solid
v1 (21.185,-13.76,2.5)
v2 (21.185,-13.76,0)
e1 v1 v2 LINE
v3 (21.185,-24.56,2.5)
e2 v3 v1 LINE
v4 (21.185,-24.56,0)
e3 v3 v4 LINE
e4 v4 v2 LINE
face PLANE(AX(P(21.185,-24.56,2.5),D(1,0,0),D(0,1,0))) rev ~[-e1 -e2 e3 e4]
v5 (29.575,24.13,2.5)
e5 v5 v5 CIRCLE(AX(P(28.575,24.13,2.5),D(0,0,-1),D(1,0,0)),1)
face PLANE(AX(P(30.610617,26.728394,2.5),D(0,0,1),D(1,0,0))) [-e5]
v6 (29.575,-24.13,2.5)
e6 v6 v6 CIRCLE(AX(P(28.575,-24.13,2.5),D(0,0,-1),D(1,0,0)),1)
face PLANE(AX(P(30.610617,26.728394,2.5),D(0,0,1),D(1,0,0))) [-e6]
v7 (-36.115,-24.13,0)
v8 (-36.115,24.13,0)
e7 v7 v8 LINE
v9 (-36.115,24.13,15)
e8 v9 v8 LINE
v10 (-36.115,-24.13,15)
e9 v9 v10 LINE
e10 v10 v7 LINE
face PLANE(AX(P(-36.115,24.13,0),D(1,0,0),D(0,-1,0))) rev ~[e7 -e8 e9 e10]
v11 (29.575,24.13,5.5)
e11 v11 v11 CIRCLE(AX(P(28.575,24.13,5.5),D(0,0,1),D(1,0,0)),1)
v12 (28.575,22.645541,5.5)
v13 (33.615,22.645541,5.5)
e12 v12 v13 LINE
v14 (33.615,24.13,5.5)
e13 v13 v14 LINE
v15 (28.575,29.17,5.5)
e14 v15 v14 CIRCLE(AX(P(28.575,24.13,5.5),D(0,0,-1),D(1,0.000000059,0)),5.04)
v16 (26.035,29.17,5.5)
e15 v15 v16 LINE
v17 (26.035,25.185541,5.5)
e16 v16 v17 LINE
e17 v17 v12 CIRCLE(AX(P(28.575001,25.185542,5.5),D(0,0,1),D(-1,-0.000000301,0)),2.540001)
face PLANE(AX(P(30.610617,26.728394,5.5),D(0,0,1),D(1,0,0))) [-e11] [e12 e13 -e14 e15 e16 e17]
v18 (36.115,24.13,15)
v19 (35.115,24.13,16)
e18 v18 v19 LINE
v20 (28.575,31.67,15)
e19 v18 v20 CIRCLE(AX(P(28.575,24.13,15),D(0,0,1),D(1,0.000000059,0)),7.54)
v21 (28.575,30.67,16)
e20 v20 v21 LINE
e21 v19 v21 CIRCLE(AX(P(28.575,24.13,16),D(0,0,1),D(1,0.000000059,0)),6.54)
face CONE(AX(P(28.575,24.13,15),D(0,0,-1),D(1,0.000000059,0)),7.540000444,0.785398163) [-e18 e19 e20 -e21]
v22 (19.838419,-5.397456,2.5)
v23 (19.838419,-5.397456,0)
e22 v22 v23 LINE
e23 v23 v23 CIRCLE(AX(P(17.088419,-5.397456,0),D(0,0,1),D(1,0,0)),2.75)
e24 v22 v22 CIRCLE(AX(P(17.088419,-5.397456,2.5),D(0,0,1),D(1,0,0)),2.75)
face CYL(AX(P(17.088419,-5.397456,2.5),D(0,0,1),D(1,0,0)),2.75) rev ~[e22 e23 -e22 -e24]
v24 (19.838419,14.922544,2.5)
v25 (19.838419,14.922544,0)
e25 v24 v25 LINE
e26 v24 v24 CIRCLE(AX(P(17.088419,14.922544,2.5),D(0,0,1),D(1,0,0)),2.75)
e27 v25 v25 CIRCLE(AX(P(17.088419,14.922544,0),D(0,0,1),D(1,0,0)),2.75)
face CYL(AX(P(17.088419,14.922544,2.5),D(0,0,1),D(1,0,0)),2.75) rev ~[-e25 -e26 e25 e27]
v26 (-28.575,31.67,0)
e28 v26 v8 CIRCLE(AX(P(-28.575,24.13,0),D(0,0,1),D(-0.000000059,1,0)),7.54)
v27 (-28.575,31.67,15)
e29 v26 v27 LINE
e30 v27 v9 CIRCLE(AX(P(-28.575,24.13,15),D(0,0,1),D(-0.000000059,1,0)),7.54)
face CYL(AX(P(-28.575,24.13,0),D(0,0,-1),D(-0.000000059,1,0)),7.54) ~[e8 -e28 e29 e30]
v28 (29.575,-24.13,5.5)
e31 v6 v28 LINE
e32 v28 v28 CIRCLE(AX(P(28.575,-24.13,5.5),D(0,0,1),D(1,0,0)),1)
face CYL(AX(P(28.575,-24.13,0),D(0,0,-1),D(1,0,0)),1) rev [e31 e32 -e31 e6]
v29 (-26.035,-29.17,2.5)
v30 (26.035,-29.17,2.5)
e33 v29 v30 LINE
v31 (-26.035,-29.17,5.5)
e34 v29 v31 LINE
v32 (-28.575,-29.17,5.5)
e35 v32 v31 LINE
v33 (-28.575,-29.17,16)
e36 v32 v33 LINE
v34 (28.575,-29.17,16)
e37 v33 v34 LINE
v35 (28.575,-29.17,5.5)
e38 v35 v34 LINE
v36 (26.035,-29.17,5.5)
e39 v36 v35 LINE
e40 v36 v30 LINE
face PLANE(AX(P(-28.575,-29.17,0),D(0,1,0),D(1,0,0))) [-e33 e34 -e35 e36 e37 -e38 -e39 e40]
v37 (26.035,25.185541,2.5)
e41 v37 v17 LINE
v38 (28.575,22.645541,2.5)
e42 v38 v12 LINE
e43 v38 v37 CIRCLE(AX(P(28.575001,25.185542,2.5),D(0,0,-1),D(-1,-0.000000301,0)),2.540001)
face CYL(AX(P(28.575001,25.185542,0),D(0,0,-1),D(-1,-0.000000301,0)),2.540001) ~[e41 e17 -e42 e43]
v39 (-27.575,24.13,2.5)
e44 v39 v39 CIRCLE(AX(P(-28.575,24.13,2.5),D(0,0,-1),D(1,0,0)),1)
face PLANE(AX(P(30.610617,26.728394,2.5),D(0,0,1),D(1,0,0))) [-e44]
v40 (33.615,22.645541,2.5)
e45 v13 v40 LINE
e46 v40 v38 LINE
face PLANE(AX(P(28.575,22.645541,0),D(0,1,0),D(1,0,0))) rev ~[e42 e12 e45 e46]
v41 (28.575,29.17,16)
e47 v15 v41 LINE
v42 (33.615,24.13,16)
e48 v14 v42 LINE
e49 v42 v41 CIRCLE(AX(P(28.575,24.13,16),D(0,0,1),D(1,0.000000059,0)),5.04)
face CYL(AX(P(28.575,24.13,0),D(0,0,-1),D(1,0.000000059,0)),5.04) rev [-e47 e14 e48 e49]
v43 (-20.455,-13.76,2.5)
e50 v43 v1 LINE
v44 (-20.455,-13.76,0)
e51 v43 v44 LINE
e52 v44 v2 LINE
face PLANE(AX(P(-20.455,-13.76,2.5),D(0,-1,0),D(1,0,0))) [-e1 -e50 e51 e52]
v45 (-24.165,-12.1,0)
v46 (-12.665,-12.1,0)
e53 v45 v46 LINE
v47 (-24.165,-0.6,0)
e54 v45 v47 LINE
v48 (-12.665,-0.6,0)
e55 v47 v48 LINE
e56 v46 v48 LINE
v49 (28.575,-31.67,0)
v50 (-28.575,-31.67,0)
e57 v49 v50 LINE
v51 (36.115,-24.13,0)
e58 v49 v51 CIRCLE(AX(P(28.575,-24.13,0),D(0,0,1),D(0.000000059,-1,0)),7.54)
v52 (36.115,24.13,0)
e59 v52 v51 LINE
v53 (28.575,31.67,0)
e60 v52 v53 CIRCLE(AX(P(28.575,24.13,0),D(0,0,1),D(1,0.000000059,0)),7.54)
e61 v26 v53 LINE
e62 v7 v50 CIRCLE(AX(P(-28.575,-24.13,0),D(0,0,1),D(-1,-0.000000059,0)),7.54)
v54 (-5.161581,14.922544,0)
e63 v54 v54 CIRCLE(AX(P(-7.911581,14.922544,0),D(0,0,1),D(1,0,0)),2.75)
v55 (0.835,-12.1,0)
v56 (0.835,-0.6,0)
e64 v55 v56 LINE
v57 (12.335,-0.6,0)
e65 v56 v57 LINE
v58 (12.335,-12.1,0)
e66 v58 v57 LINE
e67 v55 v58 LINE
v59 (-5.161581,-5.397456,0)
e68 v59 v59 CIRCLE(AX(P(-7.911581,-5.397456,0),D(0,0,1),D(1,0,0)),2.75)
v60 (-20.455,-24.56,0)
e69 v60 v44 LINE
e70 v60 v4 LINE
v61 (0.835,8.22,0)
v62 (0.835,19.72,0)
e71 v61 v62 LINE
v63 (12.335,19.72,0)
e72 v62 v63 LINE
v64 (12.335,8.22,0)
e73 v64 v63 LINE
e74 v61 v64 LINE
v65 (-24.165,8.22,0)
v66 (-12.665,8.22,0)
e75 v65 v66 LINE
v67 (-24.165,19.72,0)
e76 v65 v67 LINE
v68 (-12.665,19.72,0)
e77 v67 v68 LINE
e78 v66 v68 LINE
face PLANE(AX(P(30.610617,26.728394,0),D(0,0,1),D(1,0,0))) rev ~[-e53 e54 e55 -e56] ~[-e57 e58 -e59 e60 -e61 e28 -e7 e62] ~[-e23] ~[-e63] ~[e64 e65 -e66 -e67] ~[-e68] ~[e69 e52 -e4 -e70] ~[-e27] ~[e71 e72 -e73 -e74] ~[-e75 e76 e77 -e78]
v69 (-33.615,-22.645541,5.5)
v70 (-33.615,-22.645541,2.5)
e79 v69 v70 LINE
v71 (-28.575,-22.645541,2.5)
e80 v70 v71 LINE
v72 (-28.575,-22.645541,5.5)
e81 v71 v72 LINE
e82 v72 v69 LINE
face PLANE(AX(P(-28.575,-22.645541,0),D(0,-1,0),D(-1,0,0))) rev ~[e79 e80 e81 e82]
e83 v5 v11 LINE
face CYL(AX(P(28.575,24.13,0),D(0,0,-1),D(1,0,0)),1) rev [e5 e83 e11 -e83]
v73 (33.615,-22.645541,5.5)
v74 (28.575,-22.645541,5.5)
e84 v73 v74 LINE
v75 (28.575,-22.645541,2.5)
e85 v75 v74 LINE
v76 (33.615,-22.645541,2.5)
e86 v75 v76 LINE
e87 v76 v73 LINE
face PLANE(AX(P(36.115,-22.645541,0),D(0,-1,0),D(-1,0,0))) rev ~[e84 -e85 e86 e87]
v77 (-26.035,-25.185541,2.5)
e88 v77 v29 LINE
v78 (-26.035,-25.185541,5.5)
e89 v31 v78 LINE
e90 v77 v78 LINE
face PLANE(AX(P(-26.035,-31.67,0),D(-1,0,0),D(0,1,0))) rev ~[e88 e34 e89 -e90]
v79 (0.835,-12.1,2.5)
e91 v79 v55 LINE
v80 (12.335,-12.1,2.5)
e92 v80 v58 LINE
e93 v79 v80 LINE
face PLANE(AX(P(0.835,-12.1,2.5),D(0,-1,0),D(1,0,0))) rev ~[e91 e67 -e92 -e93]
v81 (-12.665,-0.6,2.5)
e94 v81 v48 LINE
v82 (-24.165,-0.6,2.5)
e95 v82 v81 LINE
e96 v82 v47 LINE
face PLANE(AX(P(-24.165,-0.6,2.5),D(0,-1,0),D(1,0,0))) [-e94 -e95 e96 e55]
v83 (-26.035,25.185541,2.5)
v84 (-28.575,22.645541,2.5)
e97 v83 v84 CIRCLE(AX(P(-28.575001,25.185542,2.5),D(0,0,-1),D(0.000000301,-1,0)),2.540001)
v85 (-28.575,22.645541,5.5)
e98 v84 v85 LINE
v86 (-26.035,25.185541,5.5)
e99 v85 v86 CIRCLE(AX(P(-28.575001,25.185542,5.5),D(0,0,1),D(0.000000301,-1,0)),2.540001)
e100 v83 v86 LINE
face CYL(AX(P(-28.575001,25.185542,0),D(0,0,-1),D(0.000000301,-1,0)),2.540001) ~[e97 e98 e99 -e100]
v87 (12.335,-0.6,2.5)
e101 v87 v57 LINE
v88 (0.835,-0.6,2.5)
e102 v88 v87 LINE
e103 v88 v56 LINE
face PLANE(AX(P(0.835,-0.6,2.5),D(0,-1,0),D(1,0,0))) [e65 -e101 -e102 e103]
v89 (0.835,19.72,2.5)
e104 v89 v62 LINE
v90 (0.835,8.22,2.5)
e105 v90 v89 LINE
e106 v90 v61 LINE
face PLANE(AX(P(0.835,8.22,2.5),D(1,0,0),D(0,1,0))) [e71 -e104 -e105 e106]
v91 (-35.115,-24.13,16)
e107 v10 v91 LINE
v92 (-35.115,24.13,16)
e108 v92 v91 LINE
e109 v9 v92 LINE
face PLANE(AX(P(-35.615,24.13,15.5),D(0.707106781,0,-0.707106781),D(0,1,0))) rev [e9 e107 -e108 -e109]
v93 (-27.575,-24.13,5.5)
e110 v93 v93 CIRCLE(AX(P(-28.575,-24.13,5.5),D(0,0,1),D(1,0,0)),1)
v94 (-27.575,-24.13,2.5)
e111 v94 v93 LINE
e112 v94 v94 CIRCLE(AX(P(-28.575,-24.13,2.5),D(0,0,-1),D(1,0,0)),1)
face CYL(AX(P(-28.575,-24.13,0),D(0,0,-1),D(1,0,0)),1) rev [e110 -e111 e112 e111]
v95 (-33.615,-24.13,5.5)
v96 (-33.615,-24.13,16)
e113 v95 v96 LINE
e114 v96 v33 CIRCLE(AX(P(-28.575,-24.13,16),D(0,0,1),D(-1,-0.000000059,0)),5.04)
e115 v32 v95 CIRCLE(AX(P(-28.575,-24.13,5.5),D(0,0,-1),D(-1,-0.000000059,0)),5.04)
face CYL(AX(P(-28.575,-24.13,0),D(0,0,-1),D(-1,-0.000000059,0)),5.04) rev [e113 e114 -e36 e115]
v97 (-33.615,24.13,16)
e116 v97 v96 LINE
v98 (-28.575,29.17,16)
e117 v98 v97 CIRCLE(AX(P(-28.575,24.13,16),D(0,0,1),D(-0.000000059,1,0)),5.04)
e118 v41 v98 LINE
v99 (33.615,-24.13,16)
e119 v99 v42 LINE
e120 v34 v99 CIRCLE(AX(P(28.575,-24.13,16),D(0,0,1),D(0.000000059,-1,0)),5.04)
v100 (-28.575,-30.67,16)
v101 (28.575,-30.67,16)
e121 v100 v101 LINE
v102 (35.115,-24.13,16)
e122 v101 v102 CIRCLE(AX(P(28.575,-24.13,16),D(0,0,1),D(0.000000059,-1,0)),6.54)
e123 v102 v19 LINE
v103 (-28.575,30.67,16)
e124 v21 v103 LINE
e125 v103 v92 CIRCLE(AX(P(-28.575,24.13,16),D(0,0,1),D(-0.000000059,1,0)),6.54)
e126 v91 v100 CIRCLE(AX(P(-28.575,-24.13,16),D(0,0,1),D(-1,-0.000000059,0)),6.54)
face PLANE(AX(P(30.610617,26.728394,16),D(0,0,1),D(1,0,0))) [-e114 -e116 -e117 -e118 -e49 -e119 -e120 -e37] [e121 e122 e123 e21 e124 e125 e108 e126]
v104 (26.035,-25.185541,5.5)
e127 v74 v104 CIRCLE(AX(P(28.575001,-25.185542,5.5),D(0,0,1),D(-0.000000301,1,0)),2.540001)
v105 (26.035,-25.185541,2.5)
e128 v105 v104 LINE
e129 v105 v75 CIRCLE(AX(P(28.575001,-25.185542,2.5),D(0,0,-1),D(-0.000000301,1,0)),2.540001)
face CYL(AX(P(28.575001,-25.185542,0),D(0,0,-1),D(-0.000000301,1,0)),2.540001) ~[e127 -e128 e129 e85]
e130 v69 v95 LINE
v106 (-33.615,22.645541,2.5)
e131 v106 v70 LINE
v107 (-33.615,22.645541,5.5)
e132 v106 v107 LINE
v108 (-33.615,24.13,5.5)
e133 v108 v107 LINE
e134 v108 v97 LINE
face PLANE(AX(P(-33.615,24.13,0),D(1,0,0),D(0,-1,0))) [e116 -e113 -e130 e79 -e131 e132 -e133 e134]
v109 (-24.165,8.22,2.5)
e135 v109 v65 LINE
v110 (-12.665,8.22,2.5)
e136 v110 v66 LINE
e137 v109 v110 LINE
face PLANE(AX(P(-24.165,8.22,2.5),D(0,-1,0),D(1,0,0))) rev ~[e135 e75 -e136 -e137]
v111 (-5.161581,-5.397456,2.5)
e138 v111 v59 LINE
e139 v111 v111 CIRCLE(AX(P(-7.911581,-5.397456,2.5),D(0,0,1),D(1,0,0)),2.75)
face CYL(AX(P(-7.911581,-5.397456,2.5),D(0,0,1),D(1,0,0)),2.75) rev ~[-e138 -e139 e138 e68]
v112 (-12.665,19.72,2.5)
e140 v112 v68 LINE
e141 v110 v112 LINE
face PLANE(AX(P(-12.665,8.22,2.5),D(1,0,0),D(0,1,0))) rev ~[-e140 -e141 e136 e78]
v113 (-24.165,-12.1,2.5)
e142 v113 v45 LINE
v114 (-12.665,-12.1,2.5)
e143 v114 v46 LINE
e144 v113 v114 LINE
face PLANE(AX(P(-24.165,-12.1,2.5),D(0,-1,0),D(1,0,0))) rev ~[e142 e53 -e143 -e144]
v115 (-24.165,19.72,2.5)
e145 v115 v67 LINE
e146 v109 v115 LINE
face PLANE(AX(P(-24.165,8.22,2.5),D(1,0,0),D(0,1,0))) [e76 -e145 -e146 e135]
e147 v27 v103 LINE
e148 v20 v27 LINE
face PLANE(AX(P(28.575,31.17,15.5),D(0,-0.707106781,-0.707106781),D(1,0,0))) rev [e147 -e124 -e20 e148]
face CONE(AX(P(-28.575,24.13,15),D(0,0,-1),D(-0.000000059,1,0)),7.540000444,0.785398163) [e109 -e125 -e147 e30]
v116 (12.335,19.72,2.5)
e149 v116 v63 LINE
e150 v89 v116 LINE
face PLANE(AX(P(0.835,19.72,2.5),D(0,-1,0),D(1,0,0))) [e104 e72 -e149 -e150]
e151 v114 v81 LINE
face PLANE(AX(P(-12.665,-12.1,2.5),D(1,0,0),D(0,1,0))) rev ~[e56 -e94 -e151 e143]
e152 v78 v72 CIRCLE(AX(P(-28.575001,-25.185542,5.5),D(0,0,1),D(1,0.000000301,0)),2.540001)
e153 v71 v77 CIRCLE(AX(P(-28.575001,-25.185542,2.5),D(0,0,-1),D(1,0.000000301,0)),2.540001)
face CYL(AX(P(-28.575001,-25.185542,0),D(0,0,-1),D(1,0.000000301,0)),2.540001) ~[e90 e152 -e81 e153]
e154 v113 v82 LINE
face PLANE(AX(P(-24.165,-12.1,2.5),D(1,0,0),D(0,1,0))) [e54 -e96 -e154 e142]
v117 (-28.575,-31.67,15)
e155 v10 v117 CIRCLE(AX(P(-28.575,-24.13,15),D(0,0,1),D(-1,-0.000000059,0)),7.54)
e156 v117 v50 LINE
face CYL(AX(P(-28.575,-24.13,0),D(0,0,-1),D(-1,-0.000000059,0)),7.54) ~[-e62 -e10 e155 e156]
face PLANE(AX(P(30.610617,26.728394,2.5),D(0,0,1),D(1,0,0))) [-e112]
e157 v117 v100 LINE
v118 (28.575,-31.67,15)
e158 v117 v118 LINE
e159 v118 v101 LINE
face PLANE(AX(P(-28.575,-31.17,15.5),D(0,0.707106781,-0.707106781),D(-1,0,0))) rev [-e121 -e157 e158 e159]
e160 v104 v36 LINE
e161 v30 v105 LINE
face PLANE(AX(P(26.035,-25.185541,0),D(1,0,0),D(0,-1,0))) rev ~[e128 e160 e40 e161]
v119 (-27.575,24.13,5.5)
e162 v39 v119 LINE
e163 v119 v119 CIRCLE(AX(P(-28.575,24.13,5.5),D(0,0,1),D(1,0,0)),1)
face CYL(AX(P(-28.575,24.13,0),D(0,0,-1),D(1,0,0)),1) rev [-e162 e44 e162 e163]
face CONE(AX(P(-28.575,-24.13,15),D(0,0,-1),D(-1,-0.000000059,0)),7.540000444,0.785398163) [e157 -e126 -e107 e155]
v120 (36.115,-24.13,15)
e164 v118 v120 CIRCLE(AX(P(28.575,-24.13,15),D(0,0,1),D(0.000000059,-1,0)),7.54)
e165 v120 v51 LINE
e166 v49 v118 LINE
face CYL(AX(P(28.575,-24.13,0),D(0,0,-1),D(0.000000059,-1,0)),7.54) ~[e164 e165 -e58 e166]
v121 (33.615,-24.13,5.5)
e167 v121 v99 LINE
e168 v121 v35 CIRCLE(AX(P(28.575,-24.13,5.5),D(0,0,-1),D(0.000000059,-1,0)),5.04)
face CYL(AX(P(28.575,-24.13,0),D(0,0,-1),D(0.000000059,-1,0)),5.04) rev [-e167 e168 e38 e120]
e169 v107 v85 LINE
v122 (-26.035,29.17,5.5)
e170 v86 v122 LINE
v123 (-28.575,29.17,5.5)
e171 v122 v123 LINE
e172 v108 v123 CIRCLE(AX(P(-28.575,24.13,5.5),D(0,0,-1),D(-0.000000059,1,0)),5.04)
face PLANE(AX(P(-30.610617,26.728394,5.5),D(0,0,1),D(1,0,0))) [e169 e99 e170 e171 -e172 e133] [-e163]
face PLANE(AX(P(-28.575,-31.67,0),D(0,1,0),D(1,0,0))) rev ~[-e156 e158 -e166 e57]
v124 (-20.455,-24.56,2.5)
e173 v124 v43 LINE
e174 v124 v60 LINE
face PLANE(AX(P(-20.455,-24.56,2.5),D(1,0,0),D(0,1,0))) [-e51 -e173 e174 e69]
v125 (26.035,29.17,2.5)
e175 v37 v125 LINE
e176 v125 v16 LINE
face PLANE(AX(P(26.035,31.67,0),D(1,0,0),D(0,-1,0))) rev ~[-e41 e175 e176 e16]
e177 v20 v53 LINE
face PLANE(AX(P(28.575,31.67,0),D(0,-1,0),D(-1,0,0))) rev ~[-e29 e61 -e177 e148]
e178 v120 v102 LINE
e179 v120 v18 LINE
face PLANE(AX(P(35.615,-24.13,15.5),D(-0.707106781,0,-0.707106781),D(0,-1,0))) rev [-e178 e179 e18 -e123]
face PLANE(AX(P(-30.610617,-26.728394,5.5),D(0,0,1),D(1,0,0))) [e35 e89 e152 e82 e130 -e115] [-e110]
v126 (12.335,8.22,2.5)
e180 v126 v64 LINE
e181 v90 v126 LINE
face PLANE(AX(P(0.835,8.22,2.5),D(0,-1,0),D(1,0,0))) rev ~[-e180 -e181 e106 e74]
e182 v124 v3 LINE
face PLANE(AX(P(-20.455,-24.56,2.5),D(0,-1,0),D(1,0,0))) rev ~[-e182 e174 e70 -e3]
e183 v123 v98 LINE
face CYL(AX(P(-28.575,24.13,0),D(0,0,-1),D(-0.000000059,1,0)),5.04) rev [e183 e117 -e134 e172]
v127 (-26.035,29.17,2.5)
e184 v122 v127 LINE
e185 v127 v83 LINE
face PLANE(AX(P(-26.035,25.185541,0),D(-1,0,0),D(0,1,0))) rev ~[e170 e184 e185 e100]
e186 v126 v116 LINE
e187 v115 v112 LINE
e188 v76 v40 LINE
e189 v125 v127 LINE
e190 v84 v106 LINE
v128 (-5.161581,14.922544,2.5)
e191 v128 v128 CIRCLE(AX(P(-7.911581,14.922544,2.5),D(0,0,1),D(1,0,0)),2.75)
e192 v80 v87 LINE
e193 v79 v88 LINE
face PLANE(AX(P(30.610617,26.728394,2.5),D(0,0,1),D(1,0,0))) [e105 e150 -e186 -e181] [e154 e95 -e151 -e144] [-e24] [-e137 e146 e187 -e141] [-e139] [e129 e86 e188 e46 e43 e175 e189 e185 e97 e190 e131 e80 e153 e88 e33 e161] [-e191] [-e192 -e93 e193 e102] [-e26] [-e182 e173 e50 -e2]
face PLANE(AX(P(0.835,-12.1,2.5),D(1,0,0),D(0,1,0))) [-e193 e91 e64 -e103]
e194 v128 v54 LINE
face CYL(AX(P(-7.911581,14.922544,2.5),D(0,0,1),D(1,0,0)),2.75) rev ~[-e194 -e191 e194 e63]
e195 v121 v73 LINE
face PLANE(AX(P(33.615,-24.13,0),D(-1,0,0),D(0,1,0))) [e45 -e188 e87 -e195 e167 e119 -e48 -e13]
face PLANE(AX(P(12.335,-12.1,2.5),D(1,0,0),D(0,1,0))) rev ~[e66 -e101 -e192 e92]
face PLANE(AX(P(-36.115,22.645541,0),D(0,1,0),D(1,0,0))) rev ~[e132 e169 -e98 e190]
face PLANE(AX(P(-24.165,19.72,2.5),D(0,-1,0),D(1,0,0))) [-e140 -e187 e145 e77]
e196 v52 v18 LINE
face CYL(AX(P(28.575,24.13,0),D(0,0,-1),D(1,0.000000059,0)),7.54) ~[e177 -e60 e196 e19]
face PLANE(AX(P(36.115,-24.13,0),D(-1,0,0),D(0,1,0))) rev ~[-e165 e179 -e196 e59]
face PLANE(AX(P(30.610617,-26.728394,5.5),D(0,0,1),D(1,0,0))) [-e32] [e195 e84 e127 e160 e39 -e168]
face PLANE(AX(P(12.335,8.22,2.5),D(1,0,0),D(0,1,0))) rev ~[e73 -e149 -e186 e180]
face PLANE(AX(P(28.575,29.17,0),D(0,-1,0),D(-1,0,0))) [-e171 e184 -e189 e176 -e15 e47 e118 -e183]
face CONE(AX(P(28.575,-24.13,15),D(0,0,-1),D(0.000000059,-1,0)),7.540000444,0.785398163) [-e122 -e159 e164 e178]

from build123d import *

# Parameters (mm, degrees)
F0_R     = 1
F1_DEPTH = 16
F2_T     = -2.5
F3_DEPTH = 5.5
F4_W     = 41.64
F4_H     = 10.8
F4_R     = 2.75
F4_W_2   = 11.5
F4_H_2   = 11.5
F5_DEPTH = 2.501
F6_SIZE  = 1


with BuildPart() as f1:
    # F0 (on Top) → F1 (new body)
    with BuildSketch(Plane.XY):
        with BuildLine():
            ThreePointArc((36.115, 24.13), (33.906585, 29.461585), (28.575, 31.67))
            Line((28.575, 31.67), (26.035, 31.67))
            Line((26.035, 31.67), (26.035, 25.185541))
            ThreePointArc((26.035, 25.185541), (26.778949, 23.38949), (28.575, 22.645541))
            Line((28.575, 22.645541), (36.115, 22.645541))
            Line((36.115, 22.645541), (36.115, 24.13))
        make_face()
        with Locations((28.575, 24.13)):
            Circle(F0_R, mode=Mode.SUBTRACT)
        with BuildLine():
            Line((-26.035, 25.185541), (-26.035, 31.67))
            Line((-26.035, 31.67), (-28.575, 31.67))
            ThreePointArc((-28.575, 31.67), (-33.906585, 29.461585), (-36.115, 24.13))
            Line((-36.115, 24.13), (-36.115, 22.645541))
            Line((-36.115, 22.645541), (-28.575, 22.645541))
            ThreePointArc((-28.575, 22.645541), (-26.778949, 23.38949), (-26.035, 25.185541))
        make_face()
        with Locations((-28.575, 24.13)):
            Circle(F0_R, mode=Mode.SUBTRACT)
        with BuildLine():
            Line((36.115, -24.13), (36.115, -22.645541))
            Line((36.115, -22.645541), (28.575, -22.645541))
            ThreePointArc((28.575, -22.645541), (26.778949, -23.38949), (26.035, -25.185541))
            Line((26.035, -25.185541), (26.035, -31.67))
            Line((26.035, -31.67), (28.575, -31.67))
            ThreePointArc((28.575, -31.67), (33.906585, -29.461585), (36.115, -24.13))
        make_face()
        with Locations((28.575, -24.13)):
            Circle(F0_R, mode=Mode.SUBTRACT)
        with BuildLine():
            Line((-28.575, -22.645541), (-36.115, -22.645541))
            Line((-36.115, -22.645541), (-36.115, -24.13))
            ThreePointArc((-36.115, -24.13), (-33.906585, -29.461585), (-28.575, -31.67))
            Line((-28.575, -31.67), (-26.035, -31.67))
            Line((-26.035, -31.67), (-26.035, -25.185541))
            ThreePointArc((-26.035, -25.185541), (-26.778949, -23.38949), (-28.575, -22.645541))
        make_face()
        with Locations((-28.575, -24.13)):
            Circle(F0_R, mode=Mode.SUBTRACT)
        with BuildLine():
            Line((26.035, 25.185541), (26.035, 31.67))
            Line((26.035, 31.67), (-26.035, 31.67))
            Line((-26.035, 31.67), (-26.035, 25.185541))
            ThreePointArc((-26.035, 25.185541), (-26.778949, 23.38949), (-28.575, 22.645541))
            Line((-28.575, 22.645541), (-36.115, 22.645541))
            Line((-36.115, 22.645541), (-36.115, -22.645541))
            Line((-36.115, -22.645541), (-28.575, -22.645541))
            ThreePointArc((-28.575, -22.645541), (-26.778949, -23.38949), (-26.035, -25.185541))
            Line((-26.035, -25.185541), (-26.035, -31.67))
            Line((-26.035, -31.67), (26.035, -31.67))
            Line((26.035, -31.67), (26.035, -25.185541))
            ThreePointArc((26.035, -25.185541), (26.778949, -23.38949), (28.575, -22.645541))
            Line((28.575, -22.645541), (36.115, -22.645541))
            Line((36.115, -22.645541), (36.115, 22.645541))
            Line((36.115, 22.645541), (28.575, 22.645541))
            ThreePointArc((28.575, 22.645541), (26.778949, 23.38949), (26.035, 25.185541))
        make_face()
        with Locations((-28.575, 24.13)):
            Circle(F0_R)
        with Locations((28.575, 24.13)):
            Circle(F0_R)
        with Locations((28.575, -24.13)):
            Circle(F0_R)
        with Locations((-28.575, -24.13)):
            Circle(F0_R)
    extrude(amount=F1_DEPTH)

    # F2
    f2_openings = [f1.faces().sort_by_distance(p)[0] for p in [
        (0, 0, 16),
    ]]
    offset(amount=F2_T, openings=f2_openings)

    # F0 (on Top) → F3 (join)
    with BuildSketch(Plane.XY):
        with BuildLine():
            Line((-28.575, -22.645541), (-36.115, -22.645541))
            Line((-36.115, -22.645541), (-36.115, -24.13))
            ThreePointArc((-36.115, -24.13), (-33.906585, -29.461585), (-28.575, -31.67))
            Line((-28.575, -31.67), (-26.035, -31.67))
            Line((-26.035, -31.67), (-26.035, -25.185541))
            ThreePointArc((-26.035, -25.185541), (-26.778949, -23.38949), (-28.575, -22.645541))
        make_face()
        with Locations((-28.575, -24.13)):
            Circle(F0_R, mode=Mode.SUBTRACT)
        with BuildLine():
            Line((36.115, -24.13), (36.115, -22.645541))
            Line((36.115, -22.645541), (28.575, -22.645541))
            ThreePointArc((28.575, -22.645541), (26.778949, -23.38949), (26.035, -25.185541))
            Line((26.035, -25.185541), (26.035, -31.67))
            Line((26.035, -31.67), (28.575, -31.67))
            ThreePointArc((28.575, -31.67), (33.906585, -29.461585), (36.115, -24.13))
        make_face()
        with Locations((28.575, -24.13)):
            Circle(F0_R, mode=Mode.SUBTRACT)
        with BuildLine():
            ThreePointArc((36.115, 24.13), (33.906585, 29.461585), (28.575, 31.67))
            Line((28.575, 31.67), (26.035, 31.67))
            Line((26.035, 31.67), (26.035, 25.185541))
            ThreePointArc((26.035, 25.185541), (26.778949, 23.38949), (28.575, 22.645541))
            Line((28.575, 22.645541), (36.115, 22.645541))
            Line((36.115, 22.645541), (36.115, 24.13))
        make_face()
        with Locations((28.575, 24.13)):
            Circle(F0_R, mode=Mode.SUBTRACT)
        with BuildLine():
            Line((-26.035, 25.185541), (-26.035, 31.67))
            Line((-26.035, 31.67), (-28.575, 31.67))
            ThreePointArc((-28.575, 31.67), (-33.906585, 29.461585), (-36.115, 24.13))
            Line((-36.115, 24.13), (-36.115, 22.645541))
            Line((-36.115, 22.645541), (-28.575, 22.645541))
            ThreePointArc((-28.575, 22.645541), (-26.778949, 23.38949), (-26.035, 25.185541))
        make_face()
        with Locations((-28.575, 24.13)):
            Circle(F0_R, mode=Mode.SUBTRACT)
    extrude(amount=F3_DEPTH)

    # F4 (on face) → F5 (cut, through all)
    with BuildSketch(Plane.XY.offset(2.5)):
        with Locations((0.365, -19.16)):
            Rectangle(F4_W, F4_H)
        with Locations((17.088419, -5.397456)):
            Circle(F4_R)
        with Locations((6.585, 13.97)):
            Rectangle(F4_W_2, F4_H_2)
        with Locations((17.088419, 14.922544)):
            Circle(F4_R)
        with Locations((6.585, -6.35)):
            Rectangle(F4_W_2, F4_H_2)
        with Locations((-18.415, -6.35)):
            Rectangle(F4_W_2, F4_H_2)
        with Locations((-7.911581, -5.397456)):
            Circle(F4_R)
        with Locations((-18.415, 13.97)):
            Rectangle(F4_W_2, F4_H_2)
        with Locations((-7.911581, 14.922544)):
            Circle(F4_R)
    extrude(amount=-F5_DEPTH, mode=Mode.SUBTRACT)

    # F6
    f6_edges = [f1.edges().sort_by_distance(p)[0] for p in [
        (36.115, 0, 16),
    ]]
    chamfer(f6_edges, length=F6_SIZE)


solid = f1.part
